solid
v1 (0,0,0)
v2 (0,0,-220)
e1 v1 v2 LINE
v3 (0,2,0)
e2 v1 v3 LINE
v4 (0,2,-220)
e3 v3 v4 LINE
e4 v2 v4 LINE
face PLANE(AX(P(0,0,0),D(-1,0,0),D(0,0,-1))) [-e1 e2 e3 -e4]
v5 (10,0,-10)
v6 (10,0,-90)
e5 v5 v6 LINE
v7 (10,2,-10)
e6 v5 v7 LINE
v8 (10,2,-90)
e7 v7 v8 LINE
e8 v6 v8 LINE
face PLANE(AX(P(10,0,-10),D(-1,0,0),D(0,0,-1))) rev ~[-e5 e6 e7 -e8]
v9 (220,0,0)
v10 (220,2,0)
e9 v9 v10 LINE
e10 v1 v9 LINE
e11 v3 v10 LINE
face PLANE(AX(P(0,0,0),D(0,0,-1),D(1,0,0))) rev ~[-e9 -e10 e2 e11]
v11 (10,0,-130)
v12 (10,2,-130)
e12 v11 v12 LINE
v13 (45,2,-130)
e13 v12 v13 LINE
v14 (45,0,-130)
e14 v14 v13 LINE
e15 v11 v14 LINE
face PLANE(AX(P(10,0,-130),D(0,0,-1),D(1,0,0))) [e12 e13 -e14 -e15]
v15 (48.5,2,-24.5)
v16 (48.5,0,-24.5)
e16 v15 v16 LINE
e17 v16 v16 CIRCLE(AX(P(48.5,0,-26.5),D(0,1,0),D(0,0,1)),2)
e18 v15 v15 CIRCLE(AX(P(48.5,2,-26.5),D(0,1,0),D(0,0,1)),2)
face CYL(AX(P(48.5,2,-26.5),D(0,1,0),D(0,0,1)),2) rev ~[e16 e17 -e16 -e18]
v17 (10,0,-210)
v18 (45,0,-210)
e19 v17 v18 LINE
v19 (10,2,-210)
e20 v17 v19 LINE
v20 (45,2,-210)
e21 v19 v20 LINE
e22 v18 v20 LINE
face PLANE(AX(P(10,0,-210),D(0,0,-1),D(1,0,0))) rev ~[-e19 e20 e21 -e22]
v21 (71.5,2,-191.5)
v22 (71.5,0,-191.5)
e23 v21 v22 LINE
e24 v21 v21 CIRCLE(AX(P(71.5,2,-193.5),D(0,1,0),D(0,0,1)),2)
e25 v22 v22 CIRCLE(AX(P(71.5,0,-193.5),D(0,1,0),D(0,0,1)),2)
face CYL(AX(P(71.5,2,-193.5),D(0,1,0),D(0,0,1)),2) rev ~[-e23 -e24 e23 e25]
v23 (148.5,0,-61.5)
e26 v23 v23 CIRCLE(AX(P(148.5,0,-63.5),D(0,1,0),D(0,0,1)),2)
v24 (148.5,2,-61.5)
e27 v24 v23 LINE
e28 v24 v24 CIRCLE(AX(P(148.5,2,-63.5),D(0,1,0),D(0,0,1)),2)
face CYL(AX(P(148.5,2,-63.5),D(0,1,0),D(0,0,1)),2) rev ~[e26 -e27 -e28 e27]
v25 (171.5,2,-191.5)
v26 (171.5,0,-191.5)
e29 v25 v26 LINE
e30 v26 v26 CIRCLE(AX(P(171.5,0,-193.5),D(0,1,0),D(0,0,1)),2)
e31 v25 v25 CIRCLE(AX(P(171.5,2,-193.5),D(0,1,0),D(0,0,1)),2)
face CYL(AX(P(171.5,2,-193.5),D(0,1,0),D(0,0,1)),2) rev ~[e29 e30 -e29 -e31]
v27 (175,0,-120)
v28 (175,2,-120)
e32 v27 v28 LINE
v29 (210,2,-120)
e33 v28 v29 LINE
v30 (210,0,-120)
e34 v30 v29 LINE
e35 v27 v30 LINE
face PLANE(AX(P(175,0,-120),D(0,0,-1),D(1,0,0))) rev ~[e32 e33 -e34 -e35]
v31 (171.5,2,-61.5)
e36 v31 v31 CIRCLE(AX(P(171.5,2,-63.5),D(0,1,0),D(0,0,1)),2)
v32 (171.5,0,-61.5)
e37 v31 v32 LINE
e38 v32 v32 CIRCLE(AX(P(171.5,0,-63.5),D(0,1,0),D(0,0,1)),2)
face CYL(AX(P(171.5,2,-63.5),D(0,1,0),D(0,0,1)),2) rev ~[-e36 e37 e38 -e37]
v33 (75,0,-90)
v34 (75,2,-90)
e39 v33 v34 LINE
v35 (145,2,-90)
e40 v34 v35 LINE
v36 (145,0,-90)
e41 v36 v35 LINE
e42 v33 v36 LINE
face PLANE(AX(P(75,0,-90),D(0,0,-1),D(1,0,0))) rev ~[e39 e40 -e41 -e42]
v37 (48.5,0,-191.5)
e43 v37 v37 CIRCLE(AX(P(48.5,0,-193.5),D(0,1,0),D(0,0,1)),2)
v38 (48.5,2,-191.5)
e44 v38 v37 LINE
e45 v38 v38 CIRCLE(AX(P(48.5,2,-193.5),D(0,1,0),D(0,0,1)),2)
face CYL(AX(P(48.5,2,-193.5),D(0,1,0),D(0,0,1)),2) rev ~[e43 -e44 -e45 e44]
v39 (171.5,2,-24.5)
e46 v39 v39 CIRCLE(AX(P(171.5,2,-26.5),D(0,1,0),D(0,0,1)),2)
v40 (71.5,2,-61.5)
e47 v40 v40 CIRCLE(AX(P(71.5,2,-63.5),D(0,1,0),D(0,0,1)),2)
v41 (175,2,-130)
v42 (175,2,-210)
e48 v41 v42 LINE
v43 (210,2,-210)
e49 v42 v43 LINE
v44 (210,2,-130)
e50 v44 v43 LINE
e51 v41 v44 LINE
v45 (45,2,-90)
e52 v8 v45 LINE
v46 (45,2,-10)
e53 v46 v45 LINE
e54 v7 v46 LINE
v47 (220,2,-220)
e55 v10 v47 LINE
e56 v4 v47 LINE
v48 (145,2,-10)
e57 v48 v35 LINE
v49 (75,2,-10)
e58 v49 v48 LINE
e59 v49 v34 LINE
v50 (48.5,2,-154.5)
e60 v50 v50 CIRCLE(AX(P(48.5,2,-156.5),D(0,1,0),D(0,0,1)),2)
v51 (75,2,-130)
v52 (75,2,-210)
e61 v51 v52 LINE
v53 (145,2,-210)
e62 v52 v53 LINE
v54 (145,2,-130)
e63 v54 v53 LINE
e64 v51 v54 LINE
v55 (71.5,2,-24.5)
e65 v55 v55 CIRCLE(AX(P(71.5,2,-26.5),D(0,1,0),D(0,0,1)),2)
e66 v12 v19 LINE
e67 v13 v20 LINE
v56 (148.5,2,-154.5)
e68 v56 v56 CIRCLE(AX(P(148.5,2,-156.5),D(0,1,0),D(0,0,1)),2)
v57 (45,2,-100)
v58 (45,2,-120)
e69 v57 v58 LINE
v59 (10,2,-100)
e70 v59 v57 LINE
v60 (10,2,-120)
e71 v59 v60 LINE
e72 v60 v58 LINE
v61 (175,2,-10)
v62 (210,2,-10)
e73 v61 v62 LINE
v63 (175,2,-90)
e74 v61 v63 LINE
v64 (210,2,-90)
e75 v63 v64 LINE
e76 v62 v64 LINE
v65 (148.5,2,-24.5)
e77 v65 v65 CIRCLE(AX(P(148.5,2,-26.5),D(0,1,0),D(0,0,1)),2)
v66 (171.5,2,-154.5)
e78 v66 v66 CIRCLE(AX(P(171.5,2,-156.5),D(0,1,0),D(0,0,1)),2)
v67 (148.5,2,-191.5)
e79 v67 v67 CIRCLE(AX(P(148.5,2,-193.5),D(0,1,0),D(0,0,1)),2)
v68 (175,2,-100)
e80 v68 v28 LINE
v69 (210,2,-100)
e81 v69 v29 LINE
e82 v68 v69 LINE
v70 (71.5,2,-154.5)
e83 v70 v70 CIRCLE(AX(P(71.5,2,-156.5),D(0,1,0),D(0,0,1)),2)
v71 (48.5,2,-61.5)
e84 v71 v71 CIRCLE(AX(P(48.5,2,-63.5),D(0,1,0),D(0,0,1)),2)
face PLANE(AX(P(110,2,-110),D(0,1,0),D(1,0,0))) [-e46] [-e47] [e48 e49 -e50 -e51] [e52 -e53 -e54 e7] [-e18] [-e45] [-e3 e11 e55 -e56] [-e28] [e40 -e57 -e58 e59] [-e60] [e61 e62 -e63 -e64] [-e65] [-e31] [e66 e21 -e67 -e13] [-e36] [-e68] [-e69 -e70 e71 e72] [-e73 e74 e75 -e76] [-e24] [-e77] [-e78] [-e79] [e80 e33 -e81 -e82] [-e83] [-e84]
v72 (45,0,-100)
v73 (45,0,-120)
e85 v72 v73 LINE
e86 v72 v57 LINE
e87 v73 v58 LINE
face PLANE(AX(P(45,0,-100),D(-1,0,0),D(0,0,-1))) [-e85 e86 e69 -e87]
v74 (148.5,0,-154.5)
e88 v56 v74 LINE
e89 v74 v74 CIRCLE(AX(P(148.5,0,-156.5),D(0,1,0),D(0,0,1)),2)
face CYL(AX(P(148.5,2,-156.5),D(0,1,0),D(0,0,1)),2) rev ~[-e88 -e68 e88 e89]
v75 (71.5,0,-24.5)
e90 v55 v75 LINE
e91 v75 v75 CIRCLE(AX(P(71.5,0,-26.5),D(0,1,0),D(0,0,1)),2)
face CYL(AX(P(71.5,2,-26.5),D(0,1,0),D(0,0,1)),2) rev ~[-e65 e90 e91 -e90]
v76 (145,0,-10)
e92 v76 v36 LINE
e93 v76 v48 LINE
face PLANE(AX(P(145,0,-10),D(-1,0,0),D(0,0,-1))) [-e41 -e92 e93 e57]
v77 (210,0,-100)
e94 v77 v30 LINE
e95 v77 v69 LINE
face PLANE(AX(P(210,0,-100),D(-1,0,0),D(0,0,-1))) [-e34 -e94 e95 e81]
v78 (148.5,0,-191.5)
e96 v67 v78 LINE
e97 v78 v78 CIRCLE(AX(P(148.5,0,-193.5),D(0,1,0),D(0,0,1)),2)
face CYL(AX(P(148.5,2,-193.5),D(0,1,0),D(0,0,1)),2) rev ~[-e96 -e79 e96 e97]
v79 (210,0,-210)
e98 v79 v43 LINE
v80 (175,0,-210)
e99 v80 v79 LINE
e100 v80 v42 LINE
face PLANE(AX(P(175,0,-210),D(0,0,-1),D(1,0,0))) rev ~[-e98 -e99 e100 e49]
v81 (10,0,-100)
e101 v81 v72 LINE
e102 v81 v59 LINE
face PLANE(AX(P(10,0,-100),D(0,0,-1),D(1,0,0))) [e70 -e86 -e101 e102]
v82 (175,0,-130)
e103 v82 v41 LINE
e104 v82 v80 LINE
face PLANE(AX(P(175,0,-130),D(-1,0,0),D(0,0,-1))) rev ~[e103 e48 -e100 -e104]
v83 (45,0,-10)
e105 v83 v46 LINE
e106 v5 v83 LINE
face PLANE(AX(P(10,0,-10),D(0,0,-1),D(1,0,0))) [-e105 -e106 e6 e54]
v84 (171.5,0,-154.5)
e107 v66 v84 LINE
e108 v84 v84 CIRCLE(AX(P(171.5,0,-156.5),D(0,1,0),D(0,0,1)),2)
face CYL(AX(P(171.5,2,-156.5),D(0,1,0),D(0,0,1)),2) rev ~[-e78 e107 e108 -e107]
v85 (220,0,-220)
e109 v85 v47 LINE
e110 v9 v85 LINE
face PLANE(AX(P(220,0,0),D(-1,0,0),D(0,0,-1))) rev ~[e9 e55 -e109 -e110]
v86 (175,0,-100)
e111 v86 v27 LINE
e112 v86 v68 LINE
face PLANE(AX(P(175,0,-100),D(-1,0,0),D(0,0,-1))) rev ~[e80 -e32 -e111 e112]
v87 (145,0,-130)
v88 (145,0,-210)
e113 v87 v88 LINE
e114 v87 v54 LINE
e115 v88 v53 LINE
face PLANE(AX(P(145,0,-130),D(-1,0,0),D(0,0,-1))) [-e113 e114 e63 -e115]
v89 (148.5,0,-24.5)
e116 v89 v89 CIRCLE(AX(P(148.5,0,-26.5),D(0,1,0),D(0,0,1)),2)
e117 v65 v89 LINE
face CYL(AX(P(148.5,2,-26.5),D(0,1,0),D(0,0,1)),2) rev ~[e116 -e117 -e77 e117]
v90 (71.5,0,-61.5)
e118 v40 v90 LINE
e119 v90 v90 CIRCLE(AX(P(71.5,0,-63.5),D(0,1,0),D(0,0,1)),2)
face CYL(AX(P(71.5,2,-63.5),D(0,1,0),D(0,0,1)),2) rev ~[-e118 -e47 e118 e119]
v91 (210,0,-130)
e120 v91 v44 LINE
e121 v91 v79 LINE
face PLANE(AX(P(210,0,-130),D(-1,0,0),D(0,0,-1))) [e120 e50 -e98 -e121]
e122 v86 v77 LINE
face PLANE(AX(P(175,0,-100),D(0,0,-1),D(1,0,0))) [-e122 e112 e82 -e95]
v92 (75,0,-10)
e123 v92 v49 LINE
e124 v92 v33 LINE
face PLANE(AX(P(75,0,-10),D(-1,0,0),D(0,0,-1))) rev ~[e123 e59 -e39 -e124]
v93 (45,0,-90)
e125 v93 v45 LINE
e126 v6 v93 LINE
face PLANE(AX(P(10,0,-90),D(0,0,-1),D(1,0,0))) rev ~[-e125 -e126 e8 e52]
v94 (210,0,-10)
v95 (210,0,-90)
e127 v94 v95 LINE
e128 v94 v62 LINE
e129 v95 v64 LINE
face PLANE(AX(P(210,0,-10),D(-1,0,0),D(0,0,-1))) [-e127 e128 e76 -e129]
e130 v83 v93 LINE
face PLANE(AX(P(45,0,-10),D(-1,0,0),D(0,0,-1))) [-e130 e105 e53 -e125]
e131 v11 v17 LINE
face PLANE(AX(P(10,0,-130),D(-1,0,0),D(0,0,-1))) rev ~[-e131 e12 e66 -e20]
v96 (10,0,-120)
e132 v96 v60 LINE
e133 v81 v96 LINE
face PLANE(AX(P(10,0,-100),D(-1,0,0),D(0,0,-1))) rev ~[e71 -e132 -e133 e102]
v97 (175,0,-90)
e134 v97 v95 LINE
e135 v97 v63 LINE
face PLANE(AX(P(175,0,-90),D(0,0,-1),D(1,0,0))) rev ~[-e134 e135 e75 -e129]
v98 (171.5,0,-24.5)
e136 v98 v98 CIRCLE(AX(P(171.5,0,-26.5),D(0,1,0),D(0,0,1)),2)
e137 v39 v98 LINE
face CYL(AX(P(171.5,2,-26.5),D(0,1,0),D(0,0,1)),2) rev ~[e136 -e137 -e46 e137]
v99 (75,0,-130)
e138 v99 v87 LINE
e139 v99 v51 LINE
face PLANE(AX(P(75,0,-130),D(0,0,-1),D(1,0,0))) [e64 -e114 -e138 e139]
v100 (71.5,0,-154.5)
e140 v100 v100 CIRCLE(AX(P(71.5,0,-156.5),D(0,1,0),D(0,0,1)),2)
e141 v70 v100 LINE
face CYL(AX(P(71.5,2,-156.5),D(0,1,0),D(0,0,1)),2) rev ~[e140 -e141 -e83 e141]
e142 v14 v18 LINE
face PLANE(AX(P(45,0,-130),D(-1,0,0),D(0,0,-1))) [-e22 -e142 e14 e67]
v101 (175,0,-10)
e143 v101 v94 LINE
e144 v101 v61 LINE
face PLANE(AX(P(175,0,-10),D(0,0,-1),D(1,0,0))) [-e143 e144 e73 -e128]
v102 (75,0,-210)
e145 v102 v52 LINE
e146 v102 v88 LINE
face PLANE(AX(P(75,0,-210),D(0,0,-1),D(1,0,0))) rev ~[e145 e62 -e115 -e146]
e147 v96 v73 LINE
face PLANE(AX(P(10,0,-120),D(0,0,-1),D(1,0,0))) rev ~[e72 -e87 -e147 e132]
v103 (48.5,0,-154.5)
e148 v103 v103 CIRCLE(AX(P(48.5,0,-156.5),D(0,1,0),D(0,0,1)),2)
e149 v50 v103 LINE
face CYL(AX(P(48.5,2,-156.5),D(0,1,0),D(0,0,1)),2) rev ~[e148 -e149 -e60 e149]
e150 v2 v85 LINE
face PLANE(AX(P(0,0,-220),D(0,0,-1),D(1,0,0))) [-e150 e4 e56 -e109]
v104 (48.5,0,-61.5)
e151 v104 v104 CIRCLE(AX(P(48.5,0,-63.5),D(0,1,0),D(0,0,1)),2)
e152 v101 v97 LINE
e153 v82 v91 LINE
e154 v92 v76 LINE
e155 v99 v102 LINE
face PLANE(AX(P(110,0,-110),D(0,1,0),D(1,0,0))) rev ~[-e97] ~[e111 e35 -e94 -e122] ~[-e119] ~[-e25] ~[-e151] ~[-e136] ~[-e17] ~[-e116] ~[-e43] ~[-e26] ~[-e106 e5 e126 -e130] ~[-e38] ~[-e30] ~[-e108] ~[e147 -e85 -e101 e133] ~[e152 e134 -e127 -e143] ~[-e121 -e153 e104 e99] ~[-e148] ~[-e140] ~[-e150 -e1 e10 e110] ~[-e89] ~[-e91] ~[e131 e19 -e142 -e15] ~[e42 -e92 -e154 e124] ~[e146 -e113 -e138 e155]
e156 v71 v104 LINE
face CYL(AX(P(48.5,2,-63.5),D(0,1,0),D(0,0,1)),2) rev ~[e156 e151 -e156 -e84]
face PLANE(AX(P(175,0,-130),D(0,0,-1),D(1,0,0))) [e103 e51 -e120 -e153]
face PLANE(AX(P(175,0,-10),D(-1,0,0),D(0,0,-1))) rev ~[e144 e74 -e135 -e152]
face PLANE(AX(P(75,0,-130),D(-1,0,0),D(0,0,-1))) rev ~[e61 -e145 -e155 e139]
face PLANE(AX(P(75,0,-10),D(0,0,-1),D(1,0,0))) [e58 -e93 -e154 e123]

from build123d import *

# Parameters (mm, degrees)
SKETCH_2_W          = 220
SKETCH_2_H          = 220
SKETCH_2_W_2        = 35
SKETCH_2_H_2        = 80
SKETCH_2_W_3        = 70
SKETCH_2_H_3        = 20
EXTRUDE_1_DEPTH     = 2
SKETCH_3_R          = 2
CUT_EXTRUDE_1_DEPTH = 2


with BuildPart() as part:
    # Эскиз2 → Бобышка-Вытянуть1 (new body)
    with BuildSketch(Plane(origin=(0, 0, 0), x_dir=(1, 0, 0), z_dir=(0, 1, 0))):
        with Locations((110, 110)):
            Rectangle(SKETCH_2_W, SKETCH_2_H)
        with Locations((27.5, 170)):
            Rectangle(SKETCH_2_W_2, SKETCH_2_H_2, mode=Mode.SUBTRACT)
        with Locations((110, 170)):
            Rectangle(SKETCH_2_W_3, SKETCH_2_H_2, mode=Mode.SUBTRACT)
        with Locations((192.5, 170)):
            Rectangle(SKETCH_2_W_2, SKETCH_2_H_2, mode=Mode.SUBTRACT)
        with Locations((192.5, 50)):
            Rectangle(SKETCH_2_W_2, SKETCH_2_H_2, mode=Mode.SUBTRACT)
        with Locations((110, 50)):
            Rectangle(SKETCH_2_W_3, SKETCH_2_H_2, mode=Mode.SUBTRACT)
        with Locations((27.5, 50)):
            Rectangle(SKETCH_2_W_2, SKETCH_2_H_2, mode=Mode.SUBTRACT)
        with Locations((27.5, 110)):
            Rectangle(SKETCH_2_W_2, SKETCH_2_H_3, mode=Mode.SUBTRACT)
        with Locations((192.5, 110)):
            Rectangle(SKETCH_2_W_2, SKETCH_2_H_3, mode=Mode.SUBTRACT)
    extrude(amount=EXTRUDE_1_DEPTH)

    # Эскиз3 → Вырез-Вытянуть1 (cut)
    with BuildSketch(Plane(origin=(0, 2, 0), x_dir=(1, 0, 0), z_dir=(0, 1, 0))):
        with Locations(Location((171.5, 26.5, 0), (0, 0, 270))):
            Circle(SKETCH_3_R)
        with Locations(Location((148.5, 26.5, 0), (0, 0, 270))):
            Circle(SKETCH_3_R)
        with Locations(Location((71.5, 26.5, 0), (0, 0, 270))):
            Circle(SKETCH_3_R)
        with Locations(Location((48.5, 26.5, 0), (0, 0, 270))):
            Circle(SKETCH_3_R)
        with Locations(Location((48.5, 63.5, 0), (0, 0, 270))):
            Circle(SKETCH_3_R)
        with Locations(Location((71.5, 63.5, 0), (0, 0, 270))):
            Circle(SKETCH_3_R)
        with Locations(Location((148.5, 63.5, 0), (0, 0, 270))):
            Circle(SKETCH_3_R)
        with Locations(Location((171.5, 63.5, 0), (0, 0, 270))):
            Circle(SKETCH_3_R)
        with Locations(Location((171.5, 156.5, 0), (0, 0, 270))):
            Circle(SKETCH_3_R)
        with Locations(Location((148.5, 156.5, 0), (0, 0, 270))):
            Circle(SKETCH_3_R)
        with Locations(Location((148.5, 193.5, 0), (0, 0, 270))):
            Circle(SKETCH_3_R)
        with Locations(Location((171.5, 193.5, 0), (0, 0, 270))):
            Circle(SKETCH_3_R)
        with Locations(Location((71.5, 193.5, 0), (0, 0, 270))):
            Circle(SKETCH_3_R)
        with Locations(Location((71.5, 156.5, 0), (0, 0, 270))):
            Circle(SKETCH_3_R)
        with Locations(Location((48.5, 156.5, 0), (0, 0, 270))):
            Circle(SKETCH_3_R)
        with Locations(Location((48.5, 193.5, 0), (0, 0, 270))):
            Circle(SKETCH_3_R)
    extrude(amount=-CUT_EXTRUDE_1_DEPTH, mode=Mode.SUBTRACT)


solid = part.part
